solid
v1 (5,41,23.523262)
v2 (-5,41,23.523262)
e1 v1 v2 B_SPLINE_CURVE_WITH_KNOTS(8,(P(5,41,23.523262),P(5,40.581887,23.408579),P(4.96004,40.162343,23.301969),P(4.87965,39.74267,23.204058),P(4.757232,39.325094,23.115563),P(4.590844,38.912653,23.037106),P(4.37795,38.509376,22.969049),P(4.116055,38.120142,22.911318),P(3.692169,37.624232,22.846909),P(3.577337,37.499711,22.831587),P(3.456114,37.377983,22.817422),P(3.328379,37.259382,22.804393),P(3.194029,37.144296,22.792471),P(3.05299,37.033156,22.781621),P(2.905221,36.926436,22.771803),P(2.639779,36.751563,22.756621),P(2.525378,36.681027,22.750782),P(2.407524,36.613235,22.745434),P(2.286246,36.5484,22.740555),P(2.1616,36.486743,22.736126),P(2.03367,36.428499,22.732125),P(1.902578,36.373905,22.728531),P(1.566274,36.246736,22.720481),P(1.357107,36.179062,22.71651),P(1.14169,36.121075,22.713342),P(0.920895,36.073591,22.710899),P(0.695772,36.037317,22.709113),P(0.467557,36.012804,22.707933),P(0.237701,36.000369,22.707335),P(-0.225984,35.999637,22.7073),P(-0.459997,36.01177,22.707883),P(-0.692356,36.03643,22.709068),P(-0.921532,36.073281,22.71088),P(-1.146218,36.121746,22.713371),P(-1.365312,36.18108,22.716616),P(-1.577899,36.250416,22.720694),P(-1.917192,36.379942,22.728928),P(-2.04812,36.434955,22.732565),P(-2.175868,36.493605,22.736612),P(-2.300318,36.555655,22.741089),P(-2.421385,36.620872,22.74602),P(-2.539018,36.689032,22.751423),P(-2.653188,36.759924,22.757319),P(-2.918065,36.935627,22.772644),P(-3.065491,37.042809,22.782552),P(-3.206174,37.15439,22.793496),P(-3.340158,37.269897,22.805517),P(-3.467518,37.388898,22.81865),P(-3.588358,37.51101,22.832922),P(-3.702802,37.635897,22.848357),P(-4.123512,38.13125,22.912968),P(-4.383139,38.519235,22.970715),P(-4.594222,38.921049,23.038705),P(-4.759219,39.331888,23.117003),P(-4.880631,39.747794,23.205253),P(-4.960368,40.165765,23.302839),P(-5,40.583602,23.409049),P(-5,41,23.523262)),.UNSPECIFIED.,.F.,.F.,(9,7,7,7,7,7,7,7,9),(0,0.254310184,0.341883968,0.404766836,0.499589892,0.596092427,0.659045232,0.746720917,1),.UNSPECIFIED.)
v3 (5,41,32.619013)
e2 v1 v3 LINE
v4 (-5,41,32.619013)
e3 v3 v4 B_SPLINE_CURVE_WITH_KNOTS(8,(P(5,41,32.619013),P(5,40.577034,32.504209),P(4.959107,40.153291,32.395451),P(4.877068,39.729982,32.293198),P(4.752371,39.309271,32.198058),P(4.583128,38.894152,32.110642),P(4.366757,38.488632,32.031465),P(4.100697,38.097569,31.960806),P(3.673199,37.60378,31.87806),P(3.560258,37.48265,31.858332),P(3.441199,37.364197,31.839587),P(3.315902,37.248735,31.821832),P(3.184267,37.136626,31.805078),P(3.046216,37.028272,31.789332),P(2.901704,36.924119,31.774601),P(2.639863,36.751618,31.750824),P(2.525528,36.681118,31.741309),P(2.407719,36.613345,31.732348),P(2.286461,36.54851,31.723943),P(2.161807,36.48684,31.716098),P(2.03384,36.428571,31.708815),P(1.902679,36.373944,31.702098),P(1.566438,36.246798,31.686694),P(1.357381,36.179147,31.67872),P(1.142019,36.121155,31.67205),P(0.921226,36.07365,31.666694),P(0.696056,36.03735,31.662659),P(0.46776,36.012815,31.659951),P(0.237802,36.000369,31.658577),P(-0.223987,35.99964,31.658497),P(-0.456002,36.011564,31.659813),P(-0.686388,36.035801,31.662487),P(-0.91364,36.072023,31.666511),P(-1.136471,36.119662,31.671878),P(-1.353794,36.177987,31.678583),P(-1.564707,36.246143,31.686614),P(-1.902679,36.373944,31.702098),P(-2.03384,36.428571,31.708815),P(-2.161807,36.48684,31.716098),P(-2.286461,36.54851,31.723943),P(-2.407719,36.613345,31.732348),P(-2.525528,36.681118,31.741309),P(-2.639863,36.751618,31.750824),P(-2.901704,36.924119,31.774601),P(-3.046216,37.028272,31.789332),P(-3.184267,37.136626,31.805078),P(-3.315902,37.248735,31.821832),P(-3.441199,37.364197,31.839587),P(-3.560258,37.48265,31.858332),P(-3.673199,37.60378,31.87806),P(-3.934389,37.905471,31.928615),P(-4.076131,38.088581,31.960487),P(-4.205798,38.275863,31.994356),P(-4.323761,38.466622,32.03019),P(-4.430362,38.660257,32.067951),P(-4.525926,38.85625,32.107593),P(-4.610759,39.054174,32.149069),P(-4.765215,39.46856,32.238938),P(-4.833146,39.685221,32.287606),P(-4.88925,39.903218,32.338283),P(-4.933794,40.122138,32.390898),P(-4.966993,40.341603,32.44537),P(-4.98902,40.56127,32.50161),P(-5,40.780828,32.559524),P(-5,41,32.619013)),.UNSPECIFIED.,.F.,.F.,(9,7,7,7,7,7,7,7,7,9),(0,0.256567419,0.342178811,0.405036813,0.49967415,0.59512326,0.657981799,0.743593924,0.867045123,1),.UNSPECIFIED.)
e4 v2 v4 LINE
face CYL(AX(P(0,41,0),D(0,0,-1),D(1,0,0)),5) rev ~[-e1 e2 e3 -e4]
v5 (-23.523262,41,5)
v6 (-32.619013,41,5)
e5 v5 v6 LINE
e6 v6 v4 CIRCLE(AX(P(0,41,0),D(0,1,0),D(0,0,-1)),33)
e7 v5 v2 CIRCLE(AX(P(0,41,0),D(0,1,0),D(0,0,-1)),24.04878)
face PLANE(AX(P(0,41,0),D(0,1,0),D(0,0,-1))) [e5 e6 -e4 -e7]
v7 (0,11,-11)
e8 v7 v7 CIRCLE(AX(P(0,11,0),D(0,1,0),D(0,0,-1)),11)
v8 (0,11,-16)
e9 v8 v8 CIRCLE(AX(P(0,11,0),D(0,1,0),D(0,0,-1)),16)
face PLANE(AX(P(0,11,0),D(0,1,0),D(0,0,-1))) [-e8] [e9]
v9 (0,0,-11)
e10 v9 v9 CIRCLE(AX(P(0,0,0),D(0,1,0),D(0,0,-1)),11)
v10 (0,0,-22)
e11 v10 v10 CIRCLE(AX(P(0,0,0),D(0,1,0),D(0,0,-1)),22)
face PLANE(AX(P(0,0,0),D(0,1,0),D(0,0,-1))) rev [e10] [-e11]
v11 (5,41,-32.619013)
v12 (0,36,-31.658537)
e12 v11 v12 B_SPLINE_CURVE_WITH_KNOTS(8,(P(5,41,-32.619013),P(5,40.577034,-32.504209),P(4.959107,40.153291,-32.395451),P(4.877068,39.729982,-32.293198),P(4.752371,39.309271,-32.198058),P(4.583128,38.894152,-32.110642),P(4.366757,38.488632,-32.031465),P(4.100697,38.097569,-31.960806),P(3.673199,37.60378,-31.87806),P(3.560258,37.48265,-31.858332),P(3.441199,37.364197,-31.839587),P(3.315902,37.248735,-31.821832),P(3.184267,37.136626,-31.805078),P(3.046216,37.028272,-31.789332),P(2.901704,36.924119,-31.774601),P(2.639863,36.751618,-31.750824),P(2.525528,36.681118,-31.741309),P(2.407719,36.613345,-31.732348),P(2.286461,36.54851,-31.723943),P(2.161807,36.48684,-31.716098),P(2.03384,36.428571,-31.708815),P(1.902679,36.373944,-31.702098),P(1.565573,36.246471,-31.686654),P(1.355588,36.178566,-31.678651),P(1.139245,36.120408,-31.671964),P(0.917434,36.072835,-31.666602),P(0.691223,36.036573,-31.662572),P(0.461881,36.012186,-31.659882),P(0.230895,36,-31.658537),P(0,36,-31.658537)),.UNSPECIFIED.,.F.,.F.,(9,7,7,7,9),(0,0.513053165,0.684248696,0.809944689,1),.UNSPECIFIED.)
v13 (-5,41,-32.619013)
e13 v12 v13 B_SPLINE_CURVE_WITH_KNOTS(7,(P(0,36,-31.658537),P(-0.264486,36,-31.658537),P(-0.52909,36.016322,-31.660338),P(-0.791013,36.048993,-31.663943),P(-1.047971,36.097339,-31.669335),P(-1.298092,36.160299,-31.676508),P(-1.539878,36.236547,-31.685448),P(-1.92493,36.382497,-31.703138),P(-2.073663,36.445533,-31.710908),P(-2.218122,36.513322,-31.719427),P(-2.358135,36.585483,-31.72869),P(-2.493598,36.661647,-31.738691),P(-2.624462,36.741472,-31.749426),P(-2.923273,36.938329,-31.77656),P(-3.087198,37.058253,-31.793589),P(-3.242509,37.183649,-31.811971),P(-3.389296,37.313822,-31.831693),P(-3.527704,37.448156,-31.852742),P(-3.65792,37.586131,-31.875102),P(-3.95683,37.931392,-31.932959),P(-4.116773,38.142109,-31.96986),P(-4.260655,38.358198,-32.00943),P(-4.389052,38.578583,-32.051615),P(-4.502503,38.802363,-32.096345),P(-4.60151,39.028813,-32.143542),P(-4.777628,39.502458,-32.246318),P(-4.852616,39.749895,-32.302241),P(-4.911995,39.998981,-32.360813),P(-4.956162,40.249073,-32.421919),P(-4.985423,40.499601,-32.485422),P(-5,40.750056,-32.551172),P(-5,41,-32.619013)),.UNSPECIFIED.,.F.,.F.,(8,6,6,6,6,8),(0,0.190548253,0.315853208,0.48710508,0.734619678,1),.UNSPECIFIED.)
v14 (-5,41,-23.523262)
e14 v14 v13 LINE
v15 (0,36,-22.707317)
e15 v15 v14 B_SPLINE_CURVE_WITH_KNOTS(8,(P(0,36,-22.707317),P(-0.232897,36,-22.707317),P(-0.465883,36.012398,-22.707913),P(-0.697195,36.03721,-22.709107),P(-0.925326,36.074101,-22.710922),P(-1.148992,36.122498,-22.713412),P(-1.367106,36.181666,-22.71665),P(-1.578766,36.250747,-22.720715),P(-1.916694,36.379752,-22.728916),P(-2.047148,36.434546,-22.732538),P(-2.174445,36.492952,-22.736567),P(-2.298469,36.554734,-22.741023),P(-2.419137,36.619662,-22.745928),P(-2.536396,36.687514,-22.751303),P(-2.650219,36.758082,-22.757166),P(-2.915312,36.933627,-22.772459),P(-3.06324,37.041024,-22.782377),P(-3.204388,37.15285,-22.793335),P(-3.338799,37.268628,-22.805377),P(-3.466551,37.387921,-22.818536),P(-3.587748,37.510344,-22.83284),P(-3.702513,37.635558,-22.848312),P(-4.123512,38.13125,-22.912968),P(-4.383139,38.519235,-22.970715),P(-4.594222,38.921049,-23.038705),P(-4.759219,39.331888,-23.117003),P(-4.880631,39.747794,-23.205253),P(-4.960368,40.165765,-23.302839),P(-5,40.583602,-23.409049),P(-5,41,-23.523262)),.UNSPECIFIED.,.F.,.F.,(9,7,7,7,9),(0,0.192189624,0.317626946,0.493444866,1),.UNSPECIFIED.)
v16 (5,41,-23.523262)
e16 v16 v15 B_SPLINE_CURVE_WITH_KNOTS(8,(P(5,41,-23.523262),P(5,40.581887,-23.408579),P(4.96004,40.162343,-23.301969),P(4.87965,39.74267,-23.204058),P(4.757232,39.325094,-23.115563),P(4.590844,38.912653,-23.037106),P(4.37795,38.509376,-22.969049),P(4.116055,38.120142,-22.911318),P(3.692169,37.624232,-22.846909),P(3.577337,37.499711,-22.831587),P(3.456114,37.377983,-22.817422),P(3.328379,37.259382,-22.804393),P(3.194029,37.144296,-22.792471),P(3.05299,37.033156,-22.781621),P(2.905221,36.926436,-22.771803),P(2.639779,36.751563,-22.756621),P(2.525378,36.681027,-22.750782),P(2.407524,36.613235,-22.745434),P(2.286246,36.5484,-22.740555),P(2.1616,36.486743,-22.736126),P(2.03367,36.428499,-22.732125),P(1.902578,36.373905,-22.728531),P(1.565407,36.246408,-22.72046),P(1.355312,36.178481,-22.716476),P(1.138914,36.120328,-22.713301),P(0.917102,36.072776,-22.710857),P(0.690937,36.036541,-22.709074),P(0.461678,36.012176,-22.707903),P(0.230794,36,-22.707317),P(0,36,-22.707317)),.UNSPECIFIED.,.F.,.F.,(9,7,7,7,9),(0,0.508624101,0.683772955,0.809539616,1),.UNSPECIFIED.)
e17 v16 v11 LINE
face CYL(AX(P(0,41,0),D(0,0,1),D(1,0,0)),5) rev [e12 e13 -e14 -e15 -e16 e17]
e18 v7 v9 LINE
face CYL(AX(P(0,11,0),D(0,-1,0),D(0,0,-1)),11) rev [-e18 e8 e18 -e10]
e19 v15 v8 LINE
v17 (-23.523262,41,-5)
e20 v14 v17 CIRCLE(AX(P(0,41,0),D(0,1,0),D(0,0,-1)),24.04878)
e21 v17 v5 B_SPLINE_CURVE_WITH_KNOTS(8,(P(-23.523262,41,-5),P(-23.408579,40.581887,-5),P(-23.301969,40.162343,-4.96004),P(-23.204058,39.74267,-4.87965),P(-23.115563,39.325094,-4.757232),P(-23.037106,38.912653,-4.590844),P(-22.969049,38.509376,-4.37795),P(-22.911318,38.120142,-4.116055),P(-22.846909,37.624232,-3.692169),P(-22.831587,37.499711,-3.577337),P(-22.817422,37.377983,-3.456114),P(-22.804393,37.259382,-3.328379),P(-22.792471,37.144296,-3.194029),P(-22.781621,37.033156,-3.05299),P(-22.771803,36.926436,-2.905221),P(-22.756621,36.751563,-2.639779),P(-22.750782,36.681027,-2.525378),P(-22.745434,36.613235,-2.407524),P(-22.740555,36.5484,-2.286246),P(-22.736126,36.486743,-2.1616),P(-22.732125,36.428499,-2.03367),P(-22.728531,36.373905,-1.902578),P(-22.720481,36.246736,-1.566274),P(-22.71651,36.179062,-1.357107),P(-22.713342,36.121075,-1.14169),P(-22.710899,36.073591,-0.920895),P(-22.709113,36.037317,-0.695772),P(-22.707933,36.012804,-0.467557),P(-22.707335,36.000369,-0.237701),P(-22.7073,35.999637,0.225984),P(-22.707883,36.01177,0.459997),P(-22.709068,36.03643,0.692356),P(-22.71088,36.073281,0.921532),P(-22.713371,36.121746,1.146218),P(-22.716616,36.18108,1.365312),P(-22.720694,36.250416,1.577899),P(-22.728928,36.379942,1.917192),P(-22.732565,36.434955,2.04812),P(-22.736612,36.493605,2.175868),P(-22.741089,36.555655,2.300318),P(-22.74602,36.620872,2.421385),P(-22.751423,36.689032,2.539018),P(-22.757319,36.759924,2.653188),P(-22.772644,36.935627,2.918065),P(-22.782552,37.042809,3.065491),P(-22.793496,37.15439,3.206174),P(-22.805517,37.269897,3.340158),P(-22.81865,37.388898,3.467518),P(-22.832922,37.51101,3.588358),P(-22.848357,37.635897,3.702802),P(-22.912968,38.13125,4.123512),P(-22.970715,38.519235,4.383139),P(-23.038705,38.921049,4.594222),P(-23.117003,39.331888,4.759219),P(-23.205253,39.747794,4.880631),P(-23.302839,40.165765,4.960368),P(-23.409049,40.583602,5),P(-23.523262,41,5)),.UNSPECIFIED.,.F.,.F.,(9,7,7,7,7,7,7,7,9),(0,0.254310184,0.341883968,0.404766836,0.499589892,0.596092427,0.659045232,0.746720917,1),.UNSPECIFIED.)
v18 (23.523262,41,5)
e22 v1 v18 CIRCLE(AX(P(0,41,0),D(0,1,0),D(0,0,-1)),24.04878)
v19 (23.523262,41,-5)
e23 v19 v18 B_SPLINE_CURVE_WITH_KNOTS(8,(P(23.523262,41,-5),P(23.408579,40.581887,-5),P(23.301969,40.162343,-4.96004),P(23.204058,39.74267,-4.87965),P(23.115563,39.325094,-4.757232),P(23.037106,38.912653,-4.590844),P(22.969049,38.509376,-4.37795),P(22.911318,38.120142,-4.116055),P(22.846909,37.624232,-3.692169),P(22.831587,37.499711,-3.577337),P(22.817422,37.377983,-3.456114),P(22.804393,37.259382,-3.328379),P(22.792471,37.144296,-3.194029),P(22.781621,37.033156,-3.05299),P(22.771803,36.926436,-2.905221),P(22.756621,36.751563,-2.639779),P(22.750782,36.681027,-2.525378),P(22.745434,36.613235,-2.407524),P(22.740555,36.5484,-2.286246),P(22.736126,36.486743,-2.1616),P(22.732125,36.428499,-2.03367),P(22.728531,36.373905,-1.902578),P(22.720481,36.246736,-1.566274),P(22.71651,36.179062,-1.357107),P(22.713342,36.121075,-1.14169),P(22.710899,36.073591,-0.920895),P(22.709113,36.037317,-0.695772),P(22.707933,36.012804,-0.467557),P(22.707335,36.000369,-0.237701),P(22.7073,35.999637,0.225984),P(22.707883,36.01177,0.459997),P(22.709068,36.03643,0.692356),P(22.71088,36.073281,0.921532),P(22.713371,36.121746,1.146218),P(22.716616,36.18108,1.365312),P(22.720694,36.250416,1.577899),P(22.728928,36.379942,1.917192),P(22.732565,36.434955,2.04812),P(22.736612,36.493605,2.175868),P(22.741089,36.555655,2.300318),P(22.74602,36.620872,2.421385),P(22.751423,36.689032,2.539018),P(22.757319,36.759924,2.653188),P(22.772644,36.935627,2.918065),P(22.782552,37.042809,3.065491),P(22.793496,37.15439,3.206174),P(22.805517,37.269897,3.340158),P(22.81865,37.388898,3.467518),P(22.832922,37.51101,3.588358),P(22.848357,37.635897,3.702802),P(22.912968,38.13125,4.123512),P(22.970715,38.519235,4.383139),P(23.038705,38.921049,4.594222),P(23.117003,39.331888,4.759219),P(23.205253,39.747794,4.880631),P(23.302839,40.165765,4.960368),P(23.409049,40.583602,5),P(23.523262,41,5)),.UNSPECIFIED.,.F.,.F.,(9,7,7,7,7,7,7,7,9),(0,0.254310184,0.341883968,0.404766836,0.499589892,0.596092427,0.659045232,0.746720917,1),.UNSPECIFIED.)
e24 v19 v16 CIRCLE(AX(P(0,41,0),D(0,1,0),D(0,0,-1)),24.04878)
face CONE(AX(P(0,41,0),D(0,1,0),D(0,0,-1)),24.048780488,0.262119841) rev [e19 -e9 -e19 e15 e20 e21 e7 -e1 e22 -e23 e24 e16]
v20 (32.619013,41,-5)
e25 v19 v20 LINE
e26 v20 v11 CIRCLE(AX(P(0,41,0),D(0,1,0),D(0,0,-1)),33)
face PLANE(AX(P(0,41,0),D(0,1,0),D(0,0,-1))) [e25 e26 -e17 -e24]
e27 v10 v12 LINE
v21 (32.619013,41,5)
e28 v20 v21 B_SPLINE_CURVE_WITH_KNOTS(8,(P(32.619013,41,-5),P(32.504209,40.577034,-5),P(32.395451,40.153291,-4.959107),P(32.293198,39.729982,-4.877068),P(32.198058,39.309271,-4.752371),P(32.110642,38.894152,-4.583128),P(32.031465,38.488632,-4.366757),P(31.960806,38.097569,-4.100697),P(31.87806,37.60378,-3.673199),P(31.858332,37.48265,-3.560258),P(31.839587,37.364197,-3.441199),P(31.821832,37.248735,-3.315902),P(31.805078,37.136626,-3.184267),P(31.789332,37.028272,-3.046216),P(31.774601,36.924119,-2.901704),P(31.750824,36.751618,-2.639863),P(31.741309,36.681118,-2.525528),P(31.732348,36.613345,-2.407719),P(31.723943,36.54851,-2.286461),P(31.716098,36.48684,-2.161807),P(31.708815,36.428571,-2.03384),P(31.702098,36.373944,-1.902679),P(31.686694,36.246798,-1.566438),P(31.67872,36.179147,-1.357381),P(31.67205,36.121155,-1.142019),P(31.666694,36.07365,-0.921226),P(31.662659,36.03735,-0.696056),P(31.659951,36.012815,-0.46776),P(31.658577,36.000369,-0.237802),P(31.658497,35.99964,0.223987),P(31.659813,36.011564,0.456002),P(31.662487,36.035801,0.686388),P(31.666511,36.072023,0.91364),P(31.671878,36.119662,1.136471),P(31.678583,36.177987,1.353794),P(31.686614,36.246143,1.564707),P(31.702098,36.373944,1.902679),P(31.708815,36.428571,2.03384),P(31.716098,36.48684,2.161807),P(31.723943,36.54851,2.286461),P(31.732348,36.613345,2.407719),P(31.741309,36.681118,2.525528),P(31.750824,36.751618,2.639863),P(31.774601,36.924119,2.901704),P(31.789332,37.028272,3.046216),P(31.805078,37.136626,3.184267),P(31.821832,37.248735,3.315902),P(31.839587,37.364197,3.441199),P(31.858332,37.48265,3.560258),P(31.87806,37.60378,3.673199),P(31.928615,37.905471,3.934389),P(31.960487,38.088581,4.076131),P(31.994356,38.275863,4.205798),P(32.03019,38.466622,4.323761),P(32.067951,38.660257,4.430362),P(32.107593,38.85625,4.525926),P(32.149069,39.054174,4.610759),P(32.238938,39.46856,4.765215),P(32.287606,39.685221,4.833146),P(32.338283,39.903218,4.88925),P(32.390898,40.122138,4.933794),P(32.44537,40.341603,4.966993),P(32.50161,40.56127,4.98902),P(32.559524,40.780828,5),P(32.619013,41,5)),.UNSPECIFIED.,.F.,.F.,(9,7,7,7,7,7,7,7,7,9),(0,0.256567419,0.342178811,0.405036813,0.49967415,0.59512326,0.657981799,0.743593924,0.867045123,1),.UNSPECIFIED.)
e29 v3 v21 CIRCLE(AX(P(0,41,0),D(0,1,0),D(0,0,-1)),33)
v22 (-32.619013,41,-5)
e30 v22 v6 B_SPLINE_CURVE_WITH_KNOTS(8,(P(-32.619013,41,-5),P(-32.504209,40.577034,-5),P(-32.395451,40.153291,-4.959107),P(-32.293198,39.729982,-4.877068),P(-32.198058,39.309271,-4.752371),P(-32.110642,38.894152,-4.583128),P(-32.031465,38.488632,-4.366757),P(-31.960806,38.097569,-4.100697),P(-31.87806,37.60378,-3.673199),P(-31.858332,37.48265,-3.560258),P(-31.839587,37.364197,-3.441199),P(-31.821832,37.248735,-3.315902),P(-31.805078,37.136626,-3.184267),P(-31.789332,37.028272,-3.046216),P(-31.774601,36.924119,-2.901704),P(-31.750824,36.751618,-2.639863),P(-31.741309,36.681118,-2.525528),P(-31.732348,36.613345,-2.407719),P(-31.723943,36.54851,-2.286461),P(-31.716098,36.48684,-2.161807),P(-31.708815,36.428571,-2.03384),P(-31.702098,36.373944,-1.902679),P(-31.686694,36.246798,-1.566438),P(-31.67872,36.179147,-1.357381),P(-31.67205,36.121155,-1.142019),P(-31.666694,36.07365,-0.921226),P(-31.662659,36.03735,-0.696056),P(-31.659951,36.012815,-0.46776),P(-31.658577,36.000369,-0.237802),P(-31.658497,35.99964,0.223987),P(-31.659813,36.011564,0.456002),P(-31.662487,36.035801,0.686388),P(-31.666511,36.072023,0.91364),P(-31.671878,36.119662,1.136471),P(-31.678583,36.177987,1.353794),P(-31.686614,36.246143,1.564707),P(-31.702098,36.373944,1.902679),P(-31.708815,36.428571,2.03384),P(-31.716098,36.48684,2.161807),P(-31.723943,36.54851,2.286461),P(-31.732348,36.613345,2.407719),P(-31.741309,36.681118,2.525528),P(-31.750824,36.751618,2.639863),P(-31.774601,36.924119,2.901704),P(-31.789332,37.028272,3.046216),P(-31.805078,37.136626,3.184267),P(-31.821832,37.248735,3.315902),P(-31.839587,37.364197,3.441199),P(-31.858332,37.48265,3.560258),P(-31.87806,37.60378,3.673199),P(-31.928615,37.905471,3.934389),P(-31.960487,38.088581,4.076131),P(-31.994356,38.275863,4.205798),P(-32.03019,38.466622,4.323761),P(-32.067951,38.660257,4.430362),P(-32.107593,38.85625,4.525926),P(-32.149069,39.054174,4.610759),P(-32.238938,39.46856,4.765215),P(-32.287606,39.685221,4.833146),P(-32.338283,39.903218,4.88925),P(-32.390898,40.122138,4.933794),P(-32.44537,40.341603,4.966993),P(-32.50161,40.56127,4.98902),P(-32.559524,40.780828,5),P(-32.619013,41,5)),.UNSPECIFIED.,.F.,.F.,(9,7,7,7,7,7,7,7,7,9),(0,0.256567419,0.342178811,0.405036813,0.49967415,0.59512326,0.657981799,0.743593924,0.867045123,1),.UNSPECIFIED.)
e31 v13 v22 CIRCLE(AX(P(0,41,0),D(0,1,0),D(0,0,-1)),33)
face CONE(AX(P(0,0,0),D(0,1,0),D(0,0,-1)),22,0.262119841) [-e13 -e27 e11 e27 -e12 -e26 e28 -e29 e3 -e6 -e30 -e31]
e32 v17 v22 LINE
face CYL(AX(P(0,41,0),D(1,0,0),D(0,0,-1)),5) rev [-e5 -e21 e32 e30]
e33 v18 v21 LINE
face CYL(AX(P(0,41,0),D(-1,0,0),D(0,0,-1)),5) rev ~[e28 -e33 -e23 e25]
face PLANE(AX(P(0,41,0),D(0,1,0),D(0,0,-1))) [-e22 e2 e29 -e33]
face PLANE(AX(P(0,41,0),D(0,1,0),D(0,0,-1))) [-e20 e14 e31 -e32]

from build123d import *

# Parameters (mm, degrees)
CUT_EXTRUDE1_DEPTH      = 34
CUT_EXTRUDE1_DEPTH_BACK = 34
CUT_EXTRUDE2_DEPTH      = 34.0000001
CUT_EXTRUDE2_DEPTH_BACK = 34.0000001


with BuildPart() as part:
    # Sketch1 → Revolve1 (revolve)
    with BuildSketch(Plane.XY, mode=Mode.PRIVATE) as revolve1_sk:
        Polygon((-11, 0), (-22, 0), (-33, 41), (-24.048780488, 41), (-16, 11), (-11, 11), align=None)
    revolve(revolve1_sk.sketch.rotate(Axis((0, 0, 0), (0, 1, 0)), 270), axis=Axis((0, 0, 0), (0, 1, 0)))  # turned: the seam where the file's is

    # Sketch2 → Cut-Extrude1 (cut, two sides)
    with BuildSketch(Plane.XY) as cut_extrude1_sk:
        with BuildLine():
            Line((-5, 41), (5, 41))
            ThreePointArc((5, 41), (0, 36), (-5, 41))
        make_face()
    extrude(amount=CUT_EXTRUDE1_DEPTH, mode=Mode.SUBTRACT)
    extrude(cut_extrude1_sk.sketch, amount=-CUT_EXTRUDE1_DEPTH_BACK, mode=Mode.SUBTRACT)

    # Sketch3 → Cut-Extrude2 (cut, two sides)
    with BuildSketch(Plane(origin=(0, 0, 0), x_dir=(0, 0, -1), z_dir=(1, 0, 0))) as cut_extrude2_sk:
        with BuildLine():
            Line((-5, 41), (5, 41))
            ThreePointArc((5, 41), (0, 36), (-5, 41))
        make_face()
    extrude(amount=CUT_EXTRUDE2_DEPTH, mode=Mode.SUBTRACT)
    extrude(cut_extrude2_sk.sketch, amount=-CUT_EXTRUDE2_DEPTH_BACK, mode=Mode.SUBTRACT)


solid = part.part
